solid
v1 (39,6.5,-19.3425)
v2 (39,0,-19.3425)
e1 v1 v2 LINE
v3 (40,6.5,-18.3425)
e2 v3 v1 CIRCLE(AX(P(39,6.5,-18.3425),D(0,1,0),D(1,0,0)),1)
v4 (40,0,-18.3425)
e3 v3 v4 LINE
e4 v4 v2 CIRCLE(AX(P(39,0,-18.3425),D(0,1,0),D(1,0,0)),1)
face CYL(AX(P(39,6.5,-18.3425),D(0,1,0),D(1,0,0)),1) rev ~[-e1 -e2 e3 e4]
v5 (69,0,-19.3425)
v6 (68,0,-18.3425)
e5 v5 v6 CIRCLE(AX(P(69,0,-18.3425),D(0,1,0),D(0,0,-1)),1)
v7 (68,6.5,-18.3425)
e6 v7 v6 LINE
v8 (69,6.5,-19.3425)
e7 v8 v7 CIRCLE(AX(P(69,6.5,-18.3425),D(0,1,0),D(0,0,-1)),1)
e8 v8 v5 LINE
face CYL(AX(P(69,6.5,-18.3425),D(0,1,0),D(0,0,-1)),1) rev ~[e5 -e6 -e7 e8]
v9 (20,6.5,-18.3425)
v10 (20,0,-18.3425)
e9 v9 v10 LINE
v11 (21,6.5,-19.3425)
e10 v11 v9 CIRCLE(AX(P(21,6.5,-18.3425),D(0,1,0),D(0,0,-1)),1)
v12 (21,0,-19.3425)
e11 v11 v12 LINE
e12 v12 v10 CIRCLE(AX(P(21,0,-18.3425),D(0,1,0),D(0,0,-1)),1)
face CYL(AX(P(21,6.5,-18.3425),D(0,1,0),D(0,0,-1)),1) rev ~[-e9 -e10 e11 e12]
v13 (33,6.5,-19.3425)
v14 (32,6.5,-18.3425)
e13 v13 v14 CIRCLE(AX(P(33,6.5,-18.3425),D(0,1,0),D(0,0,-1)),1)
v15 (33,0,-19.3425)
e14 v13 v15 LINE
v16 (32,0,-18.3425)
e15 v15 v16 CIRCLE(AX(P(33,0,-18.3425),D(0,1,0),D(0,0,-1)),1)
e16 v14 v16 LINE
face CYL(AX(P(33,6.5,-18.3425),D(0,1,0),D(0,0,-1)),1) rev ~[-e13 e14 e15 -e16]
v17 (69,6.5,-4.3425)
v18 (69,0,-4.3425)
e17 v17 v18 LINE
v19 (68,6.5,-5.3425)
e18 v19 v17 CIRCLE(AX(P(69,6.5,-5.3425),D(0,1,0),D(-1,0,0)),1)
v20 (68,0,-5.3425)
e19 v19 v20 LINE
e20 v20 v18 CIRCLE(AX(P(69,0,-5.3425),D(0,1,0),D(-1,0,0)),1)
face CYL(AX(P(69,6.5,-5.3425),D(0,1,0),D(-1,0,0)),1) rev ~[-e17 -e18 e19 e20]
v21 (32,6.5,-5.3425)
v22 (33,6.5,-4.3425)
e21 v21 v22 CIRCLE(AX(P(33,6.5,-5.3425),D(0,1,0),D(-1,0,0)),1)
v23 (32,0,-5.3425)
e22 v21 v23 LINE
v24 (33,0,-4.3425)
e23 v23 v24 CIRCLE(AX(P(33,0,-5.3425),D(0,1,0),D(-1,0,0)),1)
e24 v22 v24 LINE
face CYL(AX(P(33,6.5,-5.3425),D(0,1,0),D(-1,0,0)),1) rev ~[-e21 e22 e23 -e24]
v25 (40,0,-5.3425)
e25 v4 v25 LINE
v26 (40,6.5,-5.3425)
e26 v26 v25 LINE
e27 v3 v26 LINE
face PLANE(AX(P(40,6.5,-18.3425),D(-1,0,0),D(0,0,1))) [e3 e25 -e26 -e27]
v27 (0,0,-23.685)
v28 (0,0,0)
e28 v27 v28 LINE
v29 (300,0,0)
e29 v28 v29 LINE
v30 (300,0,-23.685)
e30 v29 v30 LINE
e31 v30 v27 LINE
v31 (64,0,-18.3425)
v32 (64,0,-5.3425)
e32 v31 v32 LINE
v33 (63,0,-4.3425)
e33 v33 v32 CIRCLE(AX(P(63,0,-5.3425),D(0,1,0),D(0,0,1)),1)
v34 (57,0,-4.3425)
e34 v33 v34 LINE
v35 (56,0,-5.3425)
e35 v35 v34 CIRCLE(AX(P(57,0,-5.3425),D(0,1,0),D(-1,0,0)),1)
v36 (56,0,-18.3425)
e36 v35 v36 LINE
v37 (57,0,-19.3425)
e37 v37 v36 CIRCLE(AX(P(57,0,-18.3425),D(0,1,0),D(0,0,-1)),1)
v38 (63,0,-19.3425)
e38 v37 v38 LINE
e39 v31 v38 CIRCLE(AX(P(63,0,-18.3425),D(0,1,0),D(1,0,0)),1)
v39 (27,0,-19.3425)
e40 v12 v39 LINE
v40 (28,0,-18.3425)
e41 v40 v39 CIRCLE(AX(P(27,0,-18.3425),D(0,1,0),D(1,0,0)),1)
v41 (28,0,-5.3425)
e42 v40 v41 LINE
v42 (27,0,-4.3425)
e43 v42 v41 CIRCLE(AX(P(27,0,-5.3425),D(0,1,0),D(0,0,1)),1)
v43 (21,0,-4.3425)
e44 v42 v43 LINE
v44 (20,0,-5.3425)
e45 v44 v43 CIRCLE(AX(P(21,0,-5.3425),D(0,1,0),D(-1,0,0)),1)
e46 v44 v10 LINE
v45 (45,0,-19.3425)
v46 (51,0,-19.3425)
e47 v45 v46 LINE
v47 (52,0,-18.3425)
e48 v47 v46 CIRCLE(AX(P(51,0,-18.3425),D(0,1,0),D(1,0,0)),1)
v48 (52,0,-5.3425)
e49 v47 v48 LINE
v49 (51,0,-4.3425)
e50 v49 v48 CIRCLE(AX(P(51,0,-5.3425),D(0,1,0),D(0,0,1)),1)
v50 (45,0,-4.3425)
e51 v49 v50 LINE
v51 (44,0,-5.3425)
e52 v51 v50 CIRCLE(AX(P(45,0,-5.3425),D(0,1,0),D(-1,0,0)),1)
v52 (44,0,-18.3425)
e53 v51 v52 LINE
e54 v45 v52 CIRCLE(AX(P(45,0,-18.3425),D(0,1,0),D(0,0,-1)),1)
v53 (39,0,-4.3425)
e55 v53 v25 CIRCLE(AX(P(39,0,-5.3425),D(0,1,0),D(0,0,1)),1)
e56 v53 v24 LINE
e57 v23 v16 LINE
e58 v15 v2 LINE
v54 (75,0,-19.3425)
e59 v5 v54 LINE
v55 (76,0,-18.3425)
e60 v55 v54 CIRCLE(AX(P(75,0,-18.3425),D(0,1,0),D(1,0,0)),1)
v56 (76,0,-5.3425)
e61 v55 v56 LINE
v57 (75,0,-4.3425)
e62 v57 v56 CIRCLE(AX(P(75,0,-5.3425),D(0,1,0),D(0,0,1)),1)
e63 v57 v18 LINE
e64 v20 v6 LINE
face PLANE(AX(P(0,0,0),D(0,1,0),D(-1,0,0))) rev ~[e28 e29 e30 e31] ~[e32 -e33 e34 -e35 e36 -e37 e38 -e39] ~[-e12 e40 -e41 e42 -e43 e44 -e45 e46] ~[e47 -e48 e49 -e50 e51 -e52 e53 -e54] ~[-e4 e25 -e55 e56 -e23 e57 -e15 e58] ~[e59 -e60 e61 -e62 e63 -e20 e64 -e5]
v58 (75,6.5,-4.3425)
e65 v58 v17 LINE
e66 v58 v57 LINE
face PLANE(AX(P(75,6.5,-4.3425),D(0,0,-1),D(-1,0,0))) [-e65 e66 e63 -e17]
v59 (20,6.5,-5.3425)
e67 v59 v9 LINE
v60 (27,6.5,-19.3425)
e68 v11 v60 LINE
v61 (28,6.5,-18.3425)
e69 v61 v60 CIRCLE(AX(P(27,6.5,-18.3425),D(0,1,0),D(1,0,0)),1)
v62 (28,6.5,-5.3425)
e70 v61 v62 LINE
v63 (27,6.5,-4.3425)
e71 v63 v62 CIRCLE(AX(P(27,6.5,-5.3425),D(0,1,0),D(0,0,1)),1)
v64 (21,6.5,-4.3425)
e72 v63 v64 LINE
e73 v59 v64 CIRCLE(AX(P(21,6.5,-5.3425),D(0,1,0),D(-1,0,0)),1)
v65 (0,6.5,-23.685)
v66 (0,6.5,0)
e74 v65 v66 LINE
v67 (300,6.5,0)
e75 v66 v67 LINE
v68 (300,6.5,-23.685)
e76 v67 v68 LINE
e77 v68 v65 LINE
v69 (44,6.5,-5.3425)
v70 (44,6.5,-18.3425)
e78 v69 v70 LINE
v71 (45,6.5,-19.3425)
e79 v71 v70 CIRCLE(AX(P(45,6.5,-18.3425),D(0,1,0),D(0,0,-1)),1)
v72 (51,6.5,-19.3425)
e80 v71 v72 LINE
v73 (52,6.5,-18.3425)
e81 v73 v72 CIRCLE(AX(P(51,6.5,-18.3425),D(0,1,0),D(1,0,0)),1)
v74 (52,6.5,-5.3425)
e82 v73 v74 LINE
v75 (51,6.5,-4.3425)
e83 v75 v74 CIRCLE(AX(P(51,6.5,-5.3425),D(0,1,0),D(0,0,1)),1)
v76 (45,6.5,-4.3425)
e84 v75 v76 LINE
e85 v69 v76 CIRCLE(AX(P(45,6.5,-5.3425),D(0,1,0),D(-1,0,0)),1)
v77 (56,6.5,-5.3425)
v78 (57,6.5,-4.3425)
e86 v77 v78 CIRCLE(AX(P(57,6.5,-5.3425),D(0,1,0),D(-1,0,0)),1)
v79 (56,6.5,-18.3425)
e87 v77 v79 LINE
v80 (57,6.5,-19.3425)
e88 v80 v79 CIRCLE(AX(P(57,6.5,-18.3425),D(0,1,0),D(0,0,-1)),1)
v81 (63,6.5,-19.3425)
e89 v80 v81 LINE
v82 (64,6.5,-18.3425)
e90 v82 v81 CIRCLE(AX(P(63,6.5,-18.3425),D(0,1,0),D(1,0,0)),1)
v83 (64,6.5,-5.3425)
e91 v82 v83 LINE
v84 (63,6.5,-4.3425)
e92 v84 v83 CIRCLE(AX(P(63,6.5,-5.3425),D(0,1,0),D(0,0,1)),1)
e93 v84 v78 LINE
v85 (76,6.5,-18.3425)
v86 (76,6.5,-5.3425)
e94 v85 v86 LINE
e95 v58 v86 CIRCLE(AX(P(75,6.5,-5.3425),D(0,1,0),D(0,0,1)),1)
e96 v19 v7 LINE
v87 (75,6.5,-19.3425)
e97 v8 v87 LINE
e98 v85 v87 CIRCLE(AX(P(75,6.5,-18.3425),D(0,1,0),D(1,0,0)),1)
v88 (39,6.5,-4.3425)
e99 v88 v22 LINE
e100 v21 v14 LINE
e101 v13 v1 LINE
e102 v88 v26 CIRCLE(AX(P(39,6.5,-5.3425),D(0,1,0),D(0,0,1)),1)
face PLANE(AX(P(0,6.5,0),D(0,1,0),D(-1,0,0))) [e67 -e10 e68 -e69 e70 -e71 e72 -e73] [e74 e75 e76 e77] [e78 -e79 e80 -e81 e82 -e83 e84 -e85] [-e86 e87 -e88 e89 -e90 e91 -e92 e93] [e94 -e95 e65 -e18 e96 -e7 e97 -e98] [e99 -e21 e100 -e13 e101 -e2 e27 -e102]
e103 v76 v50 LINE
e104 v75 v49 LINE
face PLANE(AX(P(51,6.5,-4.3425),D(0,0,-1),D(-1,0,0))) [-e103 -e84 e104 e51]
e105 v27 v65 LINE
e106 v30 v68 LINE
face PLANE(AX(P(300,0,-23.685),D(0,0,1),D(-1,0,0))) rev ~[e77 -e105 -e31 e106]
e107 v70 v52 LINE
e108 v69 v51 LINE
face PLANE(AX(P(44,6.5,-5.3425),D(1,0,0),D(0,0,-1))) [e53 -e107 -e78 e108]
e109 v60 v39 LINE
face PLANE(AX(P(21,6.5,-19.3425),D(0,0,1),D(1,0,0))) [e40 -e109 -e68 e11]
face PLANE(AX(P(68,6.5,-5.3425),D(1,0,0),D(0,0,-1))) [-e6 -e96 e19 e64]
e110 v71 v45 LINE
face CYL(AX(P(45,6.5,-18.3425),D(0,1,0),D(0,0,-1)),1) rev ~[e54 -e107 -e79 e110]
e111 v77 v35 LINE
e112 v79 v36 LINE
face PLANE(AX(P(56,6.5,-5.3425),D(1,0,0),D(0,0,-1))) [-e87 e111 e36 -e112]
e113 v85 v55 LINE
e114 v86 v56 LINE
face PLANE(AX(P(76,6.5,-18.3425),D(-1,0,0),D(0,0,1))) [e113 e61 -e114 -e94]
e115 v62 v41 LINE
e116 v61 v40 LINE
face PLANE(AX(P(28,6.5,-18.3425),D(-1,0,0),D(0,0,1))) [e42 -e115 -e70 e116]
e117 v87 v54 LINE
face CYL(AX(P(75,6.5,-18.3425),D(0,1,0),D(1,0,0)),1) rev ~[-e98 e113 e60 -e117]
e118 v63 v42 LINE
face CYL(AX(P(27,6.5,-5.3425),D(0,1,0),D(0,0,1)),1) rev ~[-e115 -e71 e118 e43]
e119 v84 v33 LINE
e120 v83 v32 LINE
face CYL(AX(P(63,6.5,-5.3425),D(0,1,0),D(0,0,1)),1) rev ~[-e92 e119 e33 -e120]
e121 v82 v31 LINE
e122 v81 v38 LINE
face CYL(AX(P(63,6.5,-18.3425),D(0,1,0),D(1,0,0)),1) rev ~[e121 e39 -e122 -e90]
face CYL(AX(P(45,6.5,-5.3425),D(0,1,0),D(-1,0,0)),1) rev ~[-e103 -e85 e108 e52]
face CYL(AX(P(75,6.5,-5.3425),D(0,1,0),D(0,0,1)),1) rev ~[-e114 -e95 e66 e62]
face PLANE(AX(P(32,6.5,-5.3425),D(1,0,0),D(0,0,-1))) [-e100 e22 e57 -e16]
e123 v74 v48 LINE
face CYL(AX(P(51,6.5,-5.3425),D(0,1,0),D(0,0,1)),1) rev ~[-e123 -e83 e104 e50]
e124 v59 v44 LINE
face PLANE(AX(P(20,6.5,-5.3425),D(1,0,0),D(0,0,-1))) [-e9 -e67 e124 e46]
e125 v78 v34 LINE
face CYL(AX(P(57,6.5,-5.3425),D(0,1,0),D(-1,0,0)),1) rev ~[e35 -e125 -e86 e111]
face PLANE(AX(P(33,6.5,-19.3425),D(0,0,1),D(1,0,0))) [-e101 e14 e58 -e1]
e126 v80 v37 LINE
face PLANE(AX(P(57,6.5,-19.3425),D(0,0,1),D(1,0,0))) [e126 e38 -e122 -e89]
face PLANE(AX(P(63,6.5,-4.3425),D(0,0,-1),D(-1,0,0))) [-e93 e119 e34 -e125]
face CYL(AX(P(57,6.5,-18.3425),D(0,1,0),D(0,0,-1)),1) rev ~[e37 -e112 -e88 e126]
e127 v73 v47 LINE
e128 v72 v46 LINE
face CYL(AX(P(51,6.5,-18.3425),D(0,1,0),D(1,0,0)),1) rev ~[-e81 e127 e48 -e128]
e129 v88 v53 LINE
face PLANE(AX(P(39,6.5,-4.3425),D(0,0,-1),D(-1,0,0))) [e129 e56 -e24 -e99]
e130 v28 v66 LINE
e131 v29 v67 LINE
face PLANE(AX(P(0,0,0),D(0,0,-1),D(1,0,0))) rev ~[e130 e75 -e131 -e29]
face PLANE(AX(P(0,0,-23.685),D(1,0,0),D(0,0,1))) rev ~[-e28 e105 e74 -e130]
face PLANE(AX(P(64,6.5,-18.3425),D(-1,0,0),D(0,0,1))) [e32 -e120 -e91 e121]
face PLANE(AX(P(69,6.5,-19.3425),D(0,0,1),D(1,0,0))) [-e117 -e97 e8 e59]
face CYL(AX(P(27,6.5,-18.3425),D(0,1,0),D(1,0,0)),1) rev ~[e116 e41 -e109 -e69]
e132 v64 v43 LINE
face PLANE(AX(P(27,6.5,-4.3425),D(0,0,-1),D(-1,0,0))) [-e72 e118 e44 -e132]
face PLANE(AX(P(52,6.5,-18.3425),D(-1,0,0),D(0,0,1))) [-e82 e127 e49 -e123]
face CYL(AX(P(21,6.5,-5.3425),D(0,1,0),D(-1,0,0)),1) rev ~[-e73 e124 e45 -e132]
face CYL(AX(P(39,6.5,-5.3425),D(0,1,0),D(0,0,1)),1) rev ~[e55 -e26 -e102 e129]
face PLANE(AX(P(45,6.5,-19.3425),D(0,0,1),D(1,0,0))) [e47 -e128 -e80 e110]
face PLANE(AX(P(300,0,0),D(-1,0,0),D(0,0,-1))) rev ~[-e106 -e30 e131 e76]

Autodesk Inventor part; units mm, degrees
ref_plane "YZ Plane" through (0, 0, 0) normal (1, 0, 0) x (0, 1, 0)
ref_plane "XZ Plane" through (0, 0, 0) normal (0, 1, 0) x (-1, 0, 0)
ref_plane "XY Plane" through (0, 0, 0) normal (0, 0, 1) x (1, 0, 0)
sketch "Sketch1" plane through (0, 0, 0) normal (0, 1, 0) x (-1, 0, 0)
  line L0 (0, 0) -> (-300, 0)
  line L1 (-300, 0) -> (-300, -23.685)
  line L2 (-300, -23.685) -> (0, -23.685)
  line L3 (0, -23.685) -> (0, 0)
  dimension "d0" = 300
  dimension "d1" = 23.685
extrude "Extrusion1" add sketch "Sketch1" along normal blind 6.5
sketch "Sketch2" plane through (0, 6.5, 0) normal (0, 1, 0) x (1, 0, 0)
  line L0 (0, 23.685) -> (0, 0) projected
  line L1 (21, 19.3425) -> (27, 19.3425)
  line L2 (28, 18.3425) -> (28, 5.3425)
  line L3 (27, 4.3425) -> (21, 4.3425)
  line L4 (20, 5.3425) -> (20, 18.3425)
  arc A0 (21, 19.3425) -> (20, 18.3425) centre (21, 18.3425) ccw
  arc A1 (20, 5.3425) -> (21, 4.3425) centre (21, 5.3425) ccw
  arc A2 (27, 4.3425) -> (28, 5.3425) centre (27, 5.3425) ccw
  arc A3 (28, 18.3425) -> (27, 19.3425) centre (27, 18.3425) ccw
  point P0 (20, 11.8425)
  point P1 (0, 11.8425)
  dimension "d4" = 1
  dimension "d5" = 15
  dimension "d6" = 8
  dimension "d7" = 20
extrude "Extrusion2" cut sketch "Sketch2" against normal through all
pattern_linear "Rectangular Pattern1" count 5 spacing 12 along (1, 0, 0) of "Extrusion2"
properties part number "front_pane_middle"
